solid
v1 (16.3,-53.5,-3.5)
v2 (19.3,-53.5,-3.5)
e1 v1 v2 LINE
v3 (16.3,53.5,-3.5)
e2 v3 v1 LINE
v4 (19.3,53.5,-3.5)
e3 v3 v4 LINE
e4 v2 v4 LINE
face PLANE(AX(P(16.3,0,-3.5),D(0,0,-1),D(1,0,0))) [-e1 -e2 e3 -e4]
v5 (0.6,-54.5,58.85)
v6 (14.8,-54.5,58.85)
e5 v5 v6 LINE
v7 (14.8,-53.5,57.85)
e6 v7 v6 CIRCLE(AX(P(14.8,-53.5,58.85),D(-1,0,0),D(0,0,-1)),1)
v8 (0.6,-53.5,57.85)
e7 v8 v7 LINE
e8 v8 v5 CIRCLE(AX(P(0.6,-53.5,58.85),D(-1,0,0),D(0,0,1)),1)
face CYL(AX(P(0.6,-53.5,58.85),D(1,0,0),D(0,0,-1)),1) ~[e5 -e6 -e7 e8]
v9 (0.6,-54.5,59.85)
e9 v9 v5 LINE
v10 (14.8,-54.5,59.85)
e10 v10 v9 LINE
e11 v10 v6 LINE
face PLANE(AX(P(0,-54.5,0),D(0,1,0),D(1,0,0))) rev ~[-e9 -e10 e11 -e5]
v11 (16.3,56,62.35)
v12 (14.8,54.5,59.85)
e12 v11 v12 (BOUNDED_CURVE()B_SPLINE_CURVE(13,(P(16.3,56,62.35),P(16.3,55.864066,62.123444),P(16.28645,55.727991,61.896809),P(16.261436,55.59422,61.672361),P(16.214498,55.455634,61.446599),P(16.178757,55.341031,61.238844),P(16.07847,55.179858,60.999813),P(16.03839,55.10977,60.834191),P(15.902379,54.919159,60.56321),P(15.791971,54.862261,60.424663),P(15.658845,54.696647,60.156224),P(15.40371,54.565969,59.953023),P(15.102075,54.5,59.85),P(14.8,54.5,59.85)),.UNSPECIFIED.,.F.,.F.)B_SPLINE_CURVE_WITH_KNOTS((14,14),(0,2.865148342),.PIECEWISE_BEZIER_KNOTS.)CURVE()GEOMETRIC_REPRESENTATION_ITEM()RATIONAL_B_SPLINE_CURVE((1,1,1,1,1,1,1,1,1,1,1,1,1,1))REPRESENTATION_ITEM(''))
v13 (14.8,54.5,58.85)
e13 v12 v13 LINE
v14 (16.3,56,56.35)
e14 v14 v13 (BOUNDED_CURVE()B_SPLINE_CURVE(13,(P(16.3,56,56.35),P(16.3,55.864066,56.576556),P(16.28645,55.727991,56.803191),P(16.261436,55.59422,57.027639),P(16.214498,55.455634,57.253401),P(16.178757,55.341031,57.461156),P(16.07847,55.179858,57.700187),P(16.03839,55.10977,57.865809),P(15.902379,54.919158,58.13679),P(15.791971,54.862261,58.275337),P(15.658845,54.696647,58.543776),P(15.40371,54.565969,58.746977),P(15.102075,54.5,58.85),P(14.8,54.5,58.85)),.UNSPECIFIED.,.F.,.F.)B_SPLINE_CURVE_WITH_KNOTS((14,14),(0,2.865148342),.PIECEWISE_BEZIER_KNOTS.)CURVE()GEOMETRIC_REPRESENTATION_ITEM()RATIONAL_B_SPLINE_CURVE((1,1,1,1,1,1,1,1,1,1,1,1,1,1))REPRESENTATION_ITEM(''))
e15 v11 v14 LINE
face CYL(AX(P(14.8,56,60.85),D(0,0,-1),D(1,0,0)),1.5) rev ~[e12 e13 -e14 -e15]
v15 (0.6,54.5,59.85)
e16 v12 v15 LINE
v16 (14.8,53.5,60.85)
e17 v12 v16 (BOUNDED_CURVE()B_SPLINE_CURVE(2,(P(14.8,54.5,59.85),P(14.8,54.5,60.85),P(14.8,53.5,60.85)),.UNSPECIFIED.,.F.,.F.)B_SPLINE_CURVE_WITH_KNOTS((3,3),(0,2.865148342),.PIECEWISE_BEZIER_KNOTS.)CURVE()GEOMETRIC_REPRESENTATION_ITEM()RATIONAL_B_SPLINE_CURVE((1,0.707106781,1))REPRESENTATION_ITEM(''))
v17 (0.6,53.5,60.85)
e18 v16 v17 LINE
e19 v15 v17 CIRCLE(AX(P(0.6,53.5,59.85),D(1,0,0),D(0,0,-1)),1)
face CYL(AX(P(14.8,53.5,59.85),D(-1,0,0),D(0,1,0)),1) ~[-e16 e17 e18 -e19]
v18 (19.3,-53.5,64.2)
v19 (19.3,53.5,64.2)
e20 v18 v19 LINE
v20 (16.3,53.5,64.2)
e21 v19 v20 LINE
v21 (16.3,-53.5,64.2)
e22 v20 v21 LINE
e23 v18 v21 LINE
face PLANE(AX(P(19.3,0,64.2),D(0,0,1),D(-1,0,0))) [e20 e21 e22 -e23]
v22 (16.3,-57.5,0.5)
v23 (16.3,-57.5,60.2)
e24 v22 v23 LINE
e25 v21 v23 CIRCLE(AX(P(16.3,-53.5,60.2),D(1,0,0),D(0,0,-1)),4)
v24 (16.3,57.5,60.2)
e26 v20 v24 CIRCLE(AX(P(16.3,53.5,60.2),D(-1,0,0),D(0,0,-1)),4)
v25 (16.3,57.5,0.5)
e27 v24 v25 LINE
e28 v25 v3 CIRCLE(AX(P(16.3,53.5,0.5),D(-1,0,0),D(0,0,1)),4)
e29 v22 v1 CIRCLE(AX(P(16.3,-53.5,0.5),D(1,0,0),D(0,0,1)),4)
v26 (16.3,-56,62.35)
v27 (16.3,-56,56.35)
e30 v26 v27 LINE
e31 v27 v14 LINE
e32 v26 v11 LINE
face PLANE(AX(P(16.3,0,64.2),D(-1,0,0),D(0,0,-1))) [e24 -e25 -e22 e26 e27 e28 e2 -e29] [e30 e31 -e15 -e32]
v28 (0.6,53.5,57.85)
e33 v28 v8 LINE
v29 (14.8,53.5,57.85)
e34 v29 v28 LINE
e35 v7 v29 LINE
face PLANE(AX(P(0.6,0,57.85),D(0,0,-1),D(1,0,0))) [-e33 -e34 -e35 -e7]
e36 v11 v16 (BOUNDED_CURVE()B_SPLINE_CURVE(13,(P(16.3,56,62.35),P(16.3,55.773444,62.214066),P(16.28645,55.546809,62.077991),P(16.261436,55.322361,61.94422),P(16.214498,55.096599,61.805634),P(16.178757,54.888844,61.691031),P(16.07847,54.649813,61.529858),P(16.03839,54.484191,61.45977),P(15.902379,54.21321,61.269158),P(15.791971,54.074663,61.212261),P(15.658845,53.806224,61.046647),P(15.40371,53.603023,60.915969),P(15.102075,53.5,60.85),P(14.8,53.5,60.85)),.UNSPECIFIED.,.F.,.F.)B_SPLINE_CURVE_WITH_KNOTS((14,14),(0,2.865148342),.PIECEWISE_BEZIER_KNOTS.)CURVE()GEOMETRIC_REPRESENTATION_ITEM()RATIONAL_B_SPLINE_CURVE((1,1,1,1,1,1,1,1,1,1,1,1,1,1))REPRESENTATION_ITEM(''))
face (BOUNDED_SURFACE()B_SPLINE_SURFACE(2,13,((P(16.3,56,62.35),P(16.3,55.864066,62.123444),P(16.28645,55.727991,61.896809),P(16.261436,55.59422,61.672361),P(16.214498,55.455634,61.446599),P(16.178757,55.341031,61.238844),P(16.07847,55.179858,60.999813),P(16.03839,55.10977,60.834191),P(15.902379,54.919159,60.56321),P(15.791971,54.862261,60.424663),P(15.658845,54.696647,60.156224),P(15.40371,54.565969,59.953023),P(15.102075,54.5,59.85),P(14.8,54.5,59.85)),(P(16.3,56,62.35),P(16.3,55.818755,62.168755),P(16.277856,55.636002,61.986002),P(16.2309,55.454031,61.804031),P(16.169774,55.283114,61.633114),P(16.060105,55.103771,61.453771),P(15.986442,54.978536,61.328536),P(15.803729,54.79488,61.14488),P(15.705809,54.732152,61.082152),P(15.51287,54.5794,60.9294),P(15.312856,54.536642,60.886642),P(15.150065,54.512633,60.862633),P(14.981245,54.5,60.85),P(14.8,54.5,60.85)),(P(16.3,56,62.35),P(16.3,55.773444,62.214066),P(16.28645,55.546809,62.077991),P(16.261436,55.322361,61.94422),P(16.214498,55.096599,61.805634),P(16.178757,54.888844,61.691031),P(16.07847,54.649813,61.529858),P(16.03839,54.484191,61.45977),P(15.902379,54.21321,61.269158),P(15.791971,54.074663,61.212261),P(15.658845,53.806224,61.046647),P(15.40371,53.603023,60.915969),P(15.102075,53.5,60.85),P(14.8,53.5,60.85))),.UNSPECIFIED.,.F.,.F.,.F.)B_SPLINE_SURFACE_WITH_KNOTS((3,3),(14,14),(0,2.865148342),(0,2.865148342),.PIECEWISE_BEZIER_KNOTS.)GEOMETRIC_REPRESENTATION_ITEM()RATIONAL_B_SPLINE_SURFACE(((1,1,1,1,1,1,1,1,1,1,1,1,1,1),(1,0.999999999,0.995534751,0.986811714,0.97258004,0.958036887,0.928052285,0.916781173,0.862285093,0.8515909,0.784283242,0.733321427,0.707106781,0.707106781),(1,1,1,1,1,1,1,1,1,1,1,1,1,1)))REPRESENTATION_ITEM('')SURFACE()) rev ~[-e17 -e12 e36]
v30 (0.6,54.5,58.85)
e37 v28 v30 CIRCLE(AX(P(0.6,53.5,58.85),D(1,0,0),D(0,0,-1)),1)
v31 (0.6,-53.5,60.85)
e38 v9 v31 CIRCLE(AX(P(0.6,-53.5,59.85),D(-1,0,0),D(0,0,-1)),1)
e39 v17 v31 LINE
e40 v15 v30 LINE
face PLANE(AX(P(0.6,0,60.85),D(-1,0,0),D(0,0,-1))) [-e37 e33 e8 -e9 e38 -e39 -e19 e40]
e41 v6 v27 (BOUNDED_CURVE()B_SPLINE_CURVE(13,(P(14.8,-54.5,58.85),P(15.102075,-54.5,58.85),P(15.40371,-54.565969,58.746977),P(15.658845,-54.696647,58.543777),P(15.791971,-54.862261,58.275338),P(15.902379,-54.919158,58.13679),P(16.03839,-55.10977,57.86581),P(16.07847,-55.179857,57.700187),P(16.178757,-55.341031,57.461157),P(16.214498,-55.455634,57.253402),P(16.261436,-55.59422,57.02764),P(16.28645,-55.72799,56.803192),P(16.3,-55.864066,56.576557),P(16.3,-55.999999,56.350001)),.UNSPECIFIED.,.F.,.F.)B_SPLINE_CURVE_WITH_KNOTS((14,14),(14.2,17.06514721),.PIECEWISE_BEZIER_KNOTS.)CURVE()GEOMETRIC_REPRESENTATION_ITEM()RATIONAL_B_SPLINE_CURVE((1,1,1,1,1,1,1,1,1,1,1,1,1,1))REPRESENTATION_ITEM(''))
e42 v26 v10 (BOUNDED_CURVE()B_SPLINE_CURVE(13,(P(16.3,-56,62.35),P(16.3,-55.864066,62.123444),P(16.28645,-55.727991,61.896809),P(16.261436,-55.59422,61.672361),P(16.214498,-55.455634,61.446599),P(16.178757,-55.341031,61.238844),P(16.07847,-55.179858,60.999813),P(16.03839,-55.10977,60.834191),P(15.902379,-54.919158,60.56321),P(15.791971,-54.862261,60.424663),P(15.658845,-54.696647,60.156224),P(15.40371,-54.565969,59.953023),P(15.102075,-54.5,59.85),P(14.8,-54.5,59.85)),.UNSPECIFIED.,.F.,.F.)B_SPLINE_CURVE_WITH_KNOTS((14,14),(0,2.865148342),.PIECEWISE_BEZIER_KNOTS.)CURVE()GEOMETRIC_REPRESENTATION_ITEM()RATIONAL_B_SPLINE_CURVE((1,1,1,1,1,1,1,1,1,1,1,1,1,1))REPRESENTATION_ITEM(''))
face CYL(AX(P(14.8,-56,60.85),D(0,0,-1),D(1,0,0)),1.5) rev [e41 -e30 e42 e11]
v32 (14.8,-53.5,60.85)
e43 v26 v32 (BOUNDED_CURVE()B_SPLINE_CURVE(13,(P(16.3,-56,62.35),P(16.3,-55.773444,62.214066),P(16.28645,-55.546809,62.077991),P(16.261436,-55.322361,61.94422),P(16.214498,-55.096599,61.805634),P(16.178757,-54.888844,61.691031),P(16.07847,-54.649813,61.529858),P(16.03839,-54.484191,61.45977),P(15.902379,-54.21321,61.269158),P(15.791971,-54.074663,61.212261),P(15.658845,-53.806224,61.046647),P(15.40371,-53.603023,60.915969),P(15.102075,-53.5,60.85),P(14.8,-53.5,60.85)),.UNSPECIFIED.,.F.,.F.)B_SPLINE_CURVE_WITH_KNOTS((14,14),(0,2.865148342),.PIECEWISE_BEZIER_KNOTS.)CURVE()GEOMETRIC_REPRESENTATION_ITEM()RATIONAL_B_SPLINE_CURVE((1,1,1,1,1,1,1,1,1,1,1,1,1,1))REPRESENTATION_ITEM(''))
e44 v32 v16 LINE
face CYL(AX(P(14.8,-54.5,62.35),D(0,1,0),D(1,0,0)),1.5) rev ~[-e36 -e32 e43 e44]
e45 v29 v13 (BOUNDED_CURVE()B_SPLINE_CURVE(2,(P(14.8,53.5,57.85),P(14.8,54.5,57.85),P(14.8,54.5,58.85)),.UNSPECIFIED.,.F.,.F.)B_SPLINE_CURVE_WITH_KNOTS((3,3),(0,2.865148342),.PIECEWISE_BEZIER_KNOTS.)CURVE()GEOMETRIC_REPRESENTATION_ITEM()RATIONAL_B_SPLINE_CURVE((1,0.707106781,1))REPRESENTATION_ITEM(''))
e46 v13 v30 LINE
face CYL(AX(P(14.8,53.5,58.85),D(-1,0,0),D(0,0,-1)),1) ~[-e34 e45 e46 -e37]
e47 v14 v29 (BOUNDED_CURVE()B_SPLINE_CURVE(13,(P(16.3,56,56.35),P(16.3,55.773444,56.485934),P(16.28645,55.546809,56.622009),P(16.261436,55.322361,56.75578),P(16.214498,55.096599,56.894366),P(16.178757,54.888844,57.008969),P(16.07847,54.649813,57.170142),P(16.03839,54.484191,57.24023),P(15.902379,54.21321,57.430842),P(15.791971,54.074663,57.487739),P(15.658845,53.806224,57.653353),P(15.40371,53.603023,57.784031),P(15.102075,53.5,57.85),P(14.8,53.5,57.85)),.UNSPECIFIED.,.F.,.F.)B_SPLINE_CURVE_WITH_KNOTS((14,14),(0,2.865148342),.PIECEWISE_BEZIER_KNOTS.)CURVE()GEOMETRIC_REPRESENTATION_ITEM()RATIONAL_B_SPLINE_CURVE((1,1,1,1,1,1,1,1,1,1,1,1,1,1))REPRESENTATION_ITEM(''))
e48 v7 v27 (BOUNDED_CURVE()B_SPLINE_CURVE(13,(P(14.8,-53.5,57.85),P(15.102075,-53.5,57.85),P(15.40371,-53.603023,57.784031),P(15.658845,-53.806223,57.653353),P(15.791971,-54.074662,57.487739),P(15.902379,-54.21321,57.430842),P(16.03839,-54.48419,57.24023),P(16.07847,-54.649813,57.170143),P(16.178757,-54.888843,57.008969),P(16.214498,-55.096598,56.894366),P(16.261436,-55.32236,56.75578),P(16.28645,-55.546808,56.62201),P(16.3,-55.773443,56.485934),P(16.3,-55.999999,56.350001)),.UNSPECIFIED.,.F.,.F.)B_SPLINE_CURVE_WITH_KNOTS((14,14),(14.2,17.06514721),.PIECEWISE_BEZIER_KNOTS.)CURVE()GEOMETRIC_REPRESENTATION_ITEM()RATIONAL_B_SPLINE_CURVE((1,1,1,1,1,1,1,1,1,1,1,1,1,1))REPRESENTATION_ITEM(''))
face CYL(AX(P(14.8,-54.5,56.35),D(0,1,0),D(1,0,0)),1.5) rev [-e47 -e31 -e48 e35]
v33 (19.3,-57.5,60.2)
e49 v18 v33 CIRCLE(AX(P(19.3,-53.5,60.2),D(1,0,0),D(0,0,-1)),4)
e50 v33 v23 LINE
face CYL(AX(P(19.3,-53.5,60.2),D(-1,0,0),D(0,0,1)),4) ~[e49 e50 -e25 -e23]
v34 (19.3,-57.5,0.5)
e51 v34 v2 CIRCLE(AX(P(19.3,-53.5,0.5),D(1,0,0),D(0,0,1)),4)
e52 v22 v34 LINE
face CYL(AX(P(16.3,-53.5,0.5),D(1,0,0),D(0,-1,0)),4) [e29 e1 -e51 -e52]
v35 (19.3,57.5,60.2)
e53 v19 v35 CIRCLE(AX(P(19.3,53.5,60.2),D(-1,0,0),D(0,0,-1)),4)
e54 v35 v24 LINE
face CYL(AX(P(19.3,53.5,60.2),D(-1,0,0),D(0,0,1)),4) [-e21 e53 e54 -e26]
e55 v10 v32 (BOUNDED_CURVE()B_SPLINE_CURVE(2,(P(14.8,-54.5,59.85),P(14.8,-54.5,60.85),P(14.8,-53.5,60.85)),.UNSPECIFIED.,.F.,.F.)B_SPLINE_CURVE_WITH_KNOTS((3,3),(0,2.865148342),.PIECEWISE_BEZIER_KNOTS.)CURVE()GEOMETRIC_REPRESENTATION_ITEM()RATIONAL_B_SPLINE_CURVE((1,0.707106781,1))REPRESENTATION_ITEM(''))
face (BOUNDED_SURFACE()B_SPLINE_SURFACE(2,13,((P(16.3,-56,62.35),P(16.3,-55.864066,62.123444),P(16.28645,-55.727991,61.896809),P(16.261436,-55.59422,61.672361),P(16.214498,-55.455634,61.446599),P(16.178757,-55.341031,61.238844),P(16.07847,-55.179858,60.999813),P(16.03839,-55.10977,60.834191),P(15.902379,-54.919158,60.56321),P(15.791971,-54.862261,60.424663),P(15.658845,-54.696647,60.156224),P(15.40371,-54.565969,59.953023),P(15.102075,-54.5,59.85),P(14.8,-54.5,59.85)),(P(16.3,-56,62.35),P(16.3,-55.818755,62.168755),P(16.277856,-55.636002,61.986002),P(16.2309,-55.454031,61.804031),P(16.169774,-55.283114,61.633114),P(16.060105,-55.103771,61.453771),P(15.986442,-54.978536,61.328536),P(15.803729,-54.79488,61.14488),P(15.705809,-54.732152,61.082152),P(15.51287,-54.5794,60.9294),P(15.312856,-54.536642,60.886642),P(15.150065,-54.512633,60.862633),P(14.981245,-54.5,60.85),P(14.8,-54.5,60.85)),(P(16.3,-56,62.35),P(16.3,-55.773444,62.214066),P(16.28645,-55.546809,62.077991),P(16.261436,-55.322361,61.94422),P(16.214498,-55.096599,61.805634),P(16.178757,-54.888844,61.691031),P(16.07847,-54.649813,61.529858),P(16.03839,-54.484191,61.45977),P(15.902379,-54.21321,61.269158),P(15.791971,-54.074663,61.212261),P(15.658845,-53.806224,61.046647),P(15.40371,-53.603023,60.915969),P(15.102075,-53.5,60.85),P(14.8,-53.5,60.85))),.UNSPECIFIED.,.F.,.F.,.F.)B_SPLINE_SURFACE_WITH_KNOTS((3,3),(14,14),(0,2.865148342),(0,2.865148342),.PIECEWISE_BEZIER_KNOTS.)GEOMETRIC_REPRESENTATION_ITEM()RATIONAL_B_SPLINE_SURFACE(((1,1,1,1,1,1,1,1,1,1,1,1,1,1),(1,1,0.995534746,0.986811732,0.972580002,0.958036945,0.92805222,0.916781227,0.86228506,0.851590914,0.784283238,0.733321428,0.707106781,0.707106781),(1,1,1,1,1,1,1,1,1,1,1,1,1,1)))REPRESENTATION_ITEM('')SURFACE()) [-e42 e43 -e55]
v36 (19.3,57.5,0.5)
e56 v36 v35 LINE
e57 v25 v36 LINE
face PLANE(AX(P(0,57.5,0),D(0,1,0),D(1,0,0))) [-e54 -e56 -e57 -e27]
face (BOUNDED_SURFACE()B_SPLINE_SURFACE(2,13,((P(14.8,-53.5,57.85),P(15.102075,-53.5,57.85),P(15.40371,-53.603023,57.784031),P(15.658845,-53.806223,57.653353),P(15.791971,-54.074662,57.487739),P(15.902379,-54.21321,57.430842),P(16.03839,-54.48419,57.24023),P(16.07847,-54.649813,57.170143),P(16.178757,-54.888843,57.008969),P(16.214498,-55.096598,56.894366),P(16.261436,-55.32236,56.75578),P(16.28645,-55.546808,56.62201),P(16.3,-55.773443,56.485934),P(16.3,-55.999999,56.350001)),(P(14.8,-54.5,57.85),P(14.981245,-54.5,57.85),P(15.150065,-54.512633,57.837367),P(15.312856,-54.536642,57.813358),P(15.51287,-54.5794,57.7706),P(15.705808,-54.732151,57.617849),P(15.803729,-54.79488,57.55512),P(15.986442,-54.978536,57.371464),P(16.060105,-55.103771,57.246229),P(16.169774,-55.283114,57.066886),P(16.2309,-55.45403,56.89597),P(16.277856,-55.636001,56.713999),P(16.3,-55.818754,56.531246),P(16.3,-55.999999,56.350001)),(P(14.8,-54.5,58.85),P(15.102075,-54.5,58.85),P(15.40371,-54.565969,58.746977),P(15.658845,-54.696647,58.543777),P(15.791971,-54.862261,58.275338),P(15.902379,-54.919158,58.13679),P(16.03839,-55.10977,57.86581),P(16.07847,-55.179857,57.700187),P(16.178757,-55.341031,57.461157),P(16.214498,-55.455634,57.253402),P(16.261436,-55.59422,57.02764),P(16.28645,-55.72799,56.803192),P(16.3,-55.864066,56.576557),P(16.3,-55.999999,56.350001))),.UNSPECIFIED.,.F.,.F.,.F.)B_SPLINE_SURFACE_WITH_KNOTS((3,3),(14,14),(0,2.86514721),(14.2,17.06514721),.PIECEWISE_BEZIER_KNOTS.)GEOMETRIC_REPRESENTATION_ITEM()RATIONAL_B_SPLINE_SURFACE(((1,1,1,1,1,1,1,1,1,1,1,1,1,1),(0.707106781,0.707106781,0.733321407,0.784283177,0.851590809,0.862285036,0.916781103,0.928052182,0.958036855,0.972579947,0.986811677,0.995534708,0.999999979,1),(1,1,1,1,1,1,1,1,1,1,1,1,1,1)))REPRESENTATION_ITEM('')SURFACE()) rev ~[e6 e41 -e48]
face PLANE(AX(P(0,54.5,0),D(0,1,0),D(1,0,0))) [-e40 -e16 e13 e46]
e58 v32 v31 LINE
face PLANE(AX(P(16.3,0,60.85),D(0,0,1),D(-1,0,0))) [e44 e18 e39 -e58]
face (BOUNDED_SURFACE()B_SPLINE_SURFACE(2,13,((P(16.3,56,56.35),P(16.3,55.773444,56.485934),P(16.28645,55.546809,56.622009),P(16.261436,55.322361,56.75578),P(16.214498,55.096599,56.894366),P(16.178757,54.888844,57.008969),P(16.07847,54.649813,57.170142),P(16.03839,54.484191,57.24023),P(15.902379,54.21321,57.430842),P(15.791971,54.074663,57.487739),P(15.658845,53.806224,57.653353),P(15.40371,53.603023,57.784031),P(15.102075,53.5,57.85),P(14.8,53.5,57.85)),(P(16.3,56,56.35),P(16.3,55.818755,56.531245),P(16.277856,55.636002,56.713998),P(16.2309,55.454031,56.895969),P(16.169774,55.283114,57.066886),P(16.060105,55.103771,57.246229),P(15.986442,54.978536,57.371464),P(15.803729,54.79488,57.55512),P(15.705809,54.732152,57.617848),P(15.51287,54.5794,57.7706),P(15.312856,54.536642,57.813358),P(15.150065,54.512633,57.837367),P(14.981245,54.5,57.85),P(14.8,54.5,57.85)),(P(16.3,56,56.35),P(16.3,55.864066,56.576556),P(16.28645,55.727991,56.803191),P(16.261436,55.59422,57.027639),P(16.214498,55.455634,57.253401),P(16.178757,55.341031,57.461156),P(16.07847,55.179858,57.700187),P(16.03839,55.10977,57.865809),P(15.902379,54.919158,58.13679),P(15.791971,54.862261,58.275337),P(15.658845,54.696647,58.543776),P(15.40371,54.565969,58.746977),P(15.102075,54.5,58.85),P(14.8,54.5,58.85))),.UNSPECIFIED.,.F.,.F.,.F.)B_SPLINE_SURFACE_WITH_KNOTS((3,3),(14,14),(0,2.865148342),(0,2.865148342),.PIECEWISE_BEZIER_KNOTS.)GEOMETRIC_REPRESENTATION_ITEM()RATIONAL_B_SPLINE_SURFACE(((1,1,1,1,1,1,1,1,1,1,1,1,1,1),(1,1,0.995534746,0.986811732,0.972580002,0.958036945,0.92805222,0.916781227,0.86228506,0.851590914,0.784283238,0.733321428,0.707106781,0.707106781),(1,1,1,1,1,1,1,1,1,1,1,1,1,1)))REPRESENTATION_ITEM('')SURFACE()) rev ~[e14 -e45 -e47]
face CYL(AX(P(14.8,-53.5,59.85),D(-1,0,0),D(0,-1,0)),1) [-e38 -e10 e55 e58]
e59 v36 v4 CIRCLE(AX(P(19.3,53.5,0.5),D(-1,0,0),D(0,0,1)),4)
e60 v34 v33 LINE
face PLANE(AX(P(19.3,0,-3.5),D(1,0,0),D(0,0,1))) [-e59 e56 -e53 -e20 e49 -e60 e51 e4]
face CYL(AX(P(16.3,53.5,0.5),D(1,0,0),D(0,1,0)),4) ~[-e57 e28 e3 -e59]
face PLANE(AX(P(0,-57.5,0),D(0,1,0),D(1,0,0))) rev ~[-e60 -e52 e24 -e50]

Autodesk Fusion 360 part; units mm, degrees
sketch "Boceto1" plane through (0, 0, 0) normal (1, 0, 0) x (0, 1, 0)
  line L0 (-54.5, 54) -> (54.5, 54)
  line L1 (54.5, 54) -> (54.5, 0)
  line L2 (54.5, 0) -> (-54.5, 0)
  line L3 (-54.5, 0) -> (-54.5, 54)
  dimension "d4" = 54
  dimension "d5" = 109
extrude "Extruir1" add sketch "Boceto1" along normal blind 14 makes body 1
sketch "Boceto2" plane through (0, 0, 0) normal (-1, 0, 0) x (0, -1, 0)
  line L0 (-54.5, 0) -> (54.5, 0)
  line L1 (54.5, 0) -> (54.5, 54)
  line L2 (54.5, 54) -> (-54.5, 54)
  line L3 (-54.5, 54) -> (-54.5, 0)
  line L4 (-58, -3.5) -> (-58, 64.2)
  line L5 (-58, 64.2) -> (-51.5, 64.2)
  line L6 (-51.5, 64.2) -> (-51.5, 61.2)
  line L7 (-51.5, 61.2) -> (-55, 61.2)
  line L8 (-55, 61.2) -> (-55, 57.5)
  line L9 (-55, 57.5) -> (-51.5, 57.5)
  line L10 (-51.5, 57.5) -> (-51.5, 54.5)
  line L11 (-51.5, 54.5) -> (-55, 54.5)
  line L12 (-55, 54.5) -> (-55, -0.5)
  line L13 (-55, -0.5) -> (0, -0.5)
  line L14 (-58, -3.5) -> (0, -3.5)
  line L15 (0, 2.5) -> (0, 20)
  line L16 (58, -3.5) -> (0, -3.5)
  line L17 (55, -0.5) -> (0, -0.5)
  line L18 (55, 54.5) -> (55, -0.5)
  line L19 (58, -3.5) -> (58, 64.2)
  line L20 (51.5, 54.5) -> (55, 54.5)
  line L21 (51.5, 57.5) -> (51.5, 54.5)
  line L22 (55, 57.5) -> (51.5, 57.5)
  line L23 (55, 61.2) -> (55, 57.5)
  line L24 (51.5, 61.2) -> (55, 61.2)
  line L25 (51.5, 64.2) -> (51.5, 61.2)
  line L26 (58, 64.2) -> (51.5, 64.2)
  line L27 (51.5, 64.2) -> (-51.5, 64.2)
  dimension "d10" = 0.5
  dimension "d11" = 3.7
  dimension "d12" = 3.5
  dimension "d13" = 0.5
  dimension "d14" = 0.5
  dimension "d15" = 3
  dimension "d16" = 3
  dimension "d17" = 3
  dimension "d18" = 3
extrude "Extruir2" add sketch "Boceto2" along normal blind 0 and the other way blind 16 separate body contours L4 L5 L6 L7 L8 L9 L10 L11 L12 L13 L14 L16 L17 L18 L19 L20 L21 L22 L23 L24 L25 L26 makes body 2
extrude "Extruir3" add sketch "Boceto2" along normal blind 3 contours L0 L1 L2 L3 | L4 L5 L6 L7 L8 L9 L10 L11 L12 L13 L14 L16 L17 L18 L19 L20 L21 L22 L23 L24 L25 L26 | L6 L7 L8 L9 L10 L11 L12 L13 L17 L18 L20 L21 L22 L23 L24 L25 L27 bodies 2
fillet "Empalme1" radius 4 4 edges at (6.5, 58, 64.2) (6.5, 58, -3.5) (6.5, -58, 64.2) (6.5, -58, -3.5) on bodies 2
fillet "Empalme2" radius 0.5 8 edges at (8, 51.5, 64.2) (8, 51.5, 54.5) (8, 51.5, 57.5) (8, 51.5, 61.2) (8, -51.5, 54.5) (8, -51.5, 61.2) (8, -51.5, 64.2) (8, -51.5, 57.5) on bodies 2
sketch "Boceto3" plane through (0, 0, 0) normal (0, 1, 0) x (1, 0, 0)
  line L0 (19.3, -64.2) -> (16.3, -64.2)
  line L1 (16.3, -64.2) -> (16.3, 3.5)
  line L2 (16.3, 3.5) -> (19.3, 3.5)
  line L3 (19.3, 3.5) -> (19.3, -64.2)
  line L4 (16.3, -60.85) -> (0.6, -60.85)
  line L5 (0.6, -60.85) -> (0.6, -57.85)
  line L6 (0.6, -57.85) -> (16.3, -57.85)
  line L7 (16.3, -57.85) -> (16.3, -60.85)
  line L8 (0, -61.2) -> (0, -57.5)
  line L9 (16, -61.2) -> (0, -61.2)
  point P0 (16, 3.5)
  point P1 (16, -64.2)
  dimension "d29" = 3
  dimension "d30" = 0.6
  dimension "d31" = 0.35
  dimension "d32" = 0.3
  dimension "d33" = 3
extrude "Extruir4" add sketch "Boceto3" along normal mid plane 109 separate body contours L1 L4 L5 L6 L7 makes body 3
extrude "Extruir5" add sketch "Boceto3" along normal mid plane 115 contours L0 L1 L2 L3 L7 bodies 3
fillet "Empalme3" radius 4 4 edges at (17.8, 57.5, 64.2) (17.8, -57.5, 64.2) (17.8, -57.5, -3.5) (17.8, 57.5, -3.5) on bodies 3
fillet "Empalme4" radius 1.5 4 edges at (16.3, 0, 57.85) (16.3, -54.5, 59.35) (16.3, 0, 60.85) (16.3, 54.5, 59.35) on bodies 3
fillet "Empalme5" radius 1 8 edges at (7.7, 54.5, 60.85) (15.8607, 54.9393, 61.2893) (15.8607, 54.9393, 57.4107) (7.7, 54.5, 57.85) (15.8607, -54.9393, 61.2893) (7.7, -54.5, 60.85) (7.7, -54.5, 57.85) (15.8607, -54.9393, 57.4107) on bodies 3
hidden bodies 1 2
equation "largo = 14 mm"
equation "ancho = 109 mm"
equation "alto = 54 mm"
equation "d4 = alto"
equation "d5 = ancho"
equation "d6 = largo"
equation "d21 = largo + 2 mm"
equation "d36 = ancho"
equation "d38 = ancho + 6 mm"
